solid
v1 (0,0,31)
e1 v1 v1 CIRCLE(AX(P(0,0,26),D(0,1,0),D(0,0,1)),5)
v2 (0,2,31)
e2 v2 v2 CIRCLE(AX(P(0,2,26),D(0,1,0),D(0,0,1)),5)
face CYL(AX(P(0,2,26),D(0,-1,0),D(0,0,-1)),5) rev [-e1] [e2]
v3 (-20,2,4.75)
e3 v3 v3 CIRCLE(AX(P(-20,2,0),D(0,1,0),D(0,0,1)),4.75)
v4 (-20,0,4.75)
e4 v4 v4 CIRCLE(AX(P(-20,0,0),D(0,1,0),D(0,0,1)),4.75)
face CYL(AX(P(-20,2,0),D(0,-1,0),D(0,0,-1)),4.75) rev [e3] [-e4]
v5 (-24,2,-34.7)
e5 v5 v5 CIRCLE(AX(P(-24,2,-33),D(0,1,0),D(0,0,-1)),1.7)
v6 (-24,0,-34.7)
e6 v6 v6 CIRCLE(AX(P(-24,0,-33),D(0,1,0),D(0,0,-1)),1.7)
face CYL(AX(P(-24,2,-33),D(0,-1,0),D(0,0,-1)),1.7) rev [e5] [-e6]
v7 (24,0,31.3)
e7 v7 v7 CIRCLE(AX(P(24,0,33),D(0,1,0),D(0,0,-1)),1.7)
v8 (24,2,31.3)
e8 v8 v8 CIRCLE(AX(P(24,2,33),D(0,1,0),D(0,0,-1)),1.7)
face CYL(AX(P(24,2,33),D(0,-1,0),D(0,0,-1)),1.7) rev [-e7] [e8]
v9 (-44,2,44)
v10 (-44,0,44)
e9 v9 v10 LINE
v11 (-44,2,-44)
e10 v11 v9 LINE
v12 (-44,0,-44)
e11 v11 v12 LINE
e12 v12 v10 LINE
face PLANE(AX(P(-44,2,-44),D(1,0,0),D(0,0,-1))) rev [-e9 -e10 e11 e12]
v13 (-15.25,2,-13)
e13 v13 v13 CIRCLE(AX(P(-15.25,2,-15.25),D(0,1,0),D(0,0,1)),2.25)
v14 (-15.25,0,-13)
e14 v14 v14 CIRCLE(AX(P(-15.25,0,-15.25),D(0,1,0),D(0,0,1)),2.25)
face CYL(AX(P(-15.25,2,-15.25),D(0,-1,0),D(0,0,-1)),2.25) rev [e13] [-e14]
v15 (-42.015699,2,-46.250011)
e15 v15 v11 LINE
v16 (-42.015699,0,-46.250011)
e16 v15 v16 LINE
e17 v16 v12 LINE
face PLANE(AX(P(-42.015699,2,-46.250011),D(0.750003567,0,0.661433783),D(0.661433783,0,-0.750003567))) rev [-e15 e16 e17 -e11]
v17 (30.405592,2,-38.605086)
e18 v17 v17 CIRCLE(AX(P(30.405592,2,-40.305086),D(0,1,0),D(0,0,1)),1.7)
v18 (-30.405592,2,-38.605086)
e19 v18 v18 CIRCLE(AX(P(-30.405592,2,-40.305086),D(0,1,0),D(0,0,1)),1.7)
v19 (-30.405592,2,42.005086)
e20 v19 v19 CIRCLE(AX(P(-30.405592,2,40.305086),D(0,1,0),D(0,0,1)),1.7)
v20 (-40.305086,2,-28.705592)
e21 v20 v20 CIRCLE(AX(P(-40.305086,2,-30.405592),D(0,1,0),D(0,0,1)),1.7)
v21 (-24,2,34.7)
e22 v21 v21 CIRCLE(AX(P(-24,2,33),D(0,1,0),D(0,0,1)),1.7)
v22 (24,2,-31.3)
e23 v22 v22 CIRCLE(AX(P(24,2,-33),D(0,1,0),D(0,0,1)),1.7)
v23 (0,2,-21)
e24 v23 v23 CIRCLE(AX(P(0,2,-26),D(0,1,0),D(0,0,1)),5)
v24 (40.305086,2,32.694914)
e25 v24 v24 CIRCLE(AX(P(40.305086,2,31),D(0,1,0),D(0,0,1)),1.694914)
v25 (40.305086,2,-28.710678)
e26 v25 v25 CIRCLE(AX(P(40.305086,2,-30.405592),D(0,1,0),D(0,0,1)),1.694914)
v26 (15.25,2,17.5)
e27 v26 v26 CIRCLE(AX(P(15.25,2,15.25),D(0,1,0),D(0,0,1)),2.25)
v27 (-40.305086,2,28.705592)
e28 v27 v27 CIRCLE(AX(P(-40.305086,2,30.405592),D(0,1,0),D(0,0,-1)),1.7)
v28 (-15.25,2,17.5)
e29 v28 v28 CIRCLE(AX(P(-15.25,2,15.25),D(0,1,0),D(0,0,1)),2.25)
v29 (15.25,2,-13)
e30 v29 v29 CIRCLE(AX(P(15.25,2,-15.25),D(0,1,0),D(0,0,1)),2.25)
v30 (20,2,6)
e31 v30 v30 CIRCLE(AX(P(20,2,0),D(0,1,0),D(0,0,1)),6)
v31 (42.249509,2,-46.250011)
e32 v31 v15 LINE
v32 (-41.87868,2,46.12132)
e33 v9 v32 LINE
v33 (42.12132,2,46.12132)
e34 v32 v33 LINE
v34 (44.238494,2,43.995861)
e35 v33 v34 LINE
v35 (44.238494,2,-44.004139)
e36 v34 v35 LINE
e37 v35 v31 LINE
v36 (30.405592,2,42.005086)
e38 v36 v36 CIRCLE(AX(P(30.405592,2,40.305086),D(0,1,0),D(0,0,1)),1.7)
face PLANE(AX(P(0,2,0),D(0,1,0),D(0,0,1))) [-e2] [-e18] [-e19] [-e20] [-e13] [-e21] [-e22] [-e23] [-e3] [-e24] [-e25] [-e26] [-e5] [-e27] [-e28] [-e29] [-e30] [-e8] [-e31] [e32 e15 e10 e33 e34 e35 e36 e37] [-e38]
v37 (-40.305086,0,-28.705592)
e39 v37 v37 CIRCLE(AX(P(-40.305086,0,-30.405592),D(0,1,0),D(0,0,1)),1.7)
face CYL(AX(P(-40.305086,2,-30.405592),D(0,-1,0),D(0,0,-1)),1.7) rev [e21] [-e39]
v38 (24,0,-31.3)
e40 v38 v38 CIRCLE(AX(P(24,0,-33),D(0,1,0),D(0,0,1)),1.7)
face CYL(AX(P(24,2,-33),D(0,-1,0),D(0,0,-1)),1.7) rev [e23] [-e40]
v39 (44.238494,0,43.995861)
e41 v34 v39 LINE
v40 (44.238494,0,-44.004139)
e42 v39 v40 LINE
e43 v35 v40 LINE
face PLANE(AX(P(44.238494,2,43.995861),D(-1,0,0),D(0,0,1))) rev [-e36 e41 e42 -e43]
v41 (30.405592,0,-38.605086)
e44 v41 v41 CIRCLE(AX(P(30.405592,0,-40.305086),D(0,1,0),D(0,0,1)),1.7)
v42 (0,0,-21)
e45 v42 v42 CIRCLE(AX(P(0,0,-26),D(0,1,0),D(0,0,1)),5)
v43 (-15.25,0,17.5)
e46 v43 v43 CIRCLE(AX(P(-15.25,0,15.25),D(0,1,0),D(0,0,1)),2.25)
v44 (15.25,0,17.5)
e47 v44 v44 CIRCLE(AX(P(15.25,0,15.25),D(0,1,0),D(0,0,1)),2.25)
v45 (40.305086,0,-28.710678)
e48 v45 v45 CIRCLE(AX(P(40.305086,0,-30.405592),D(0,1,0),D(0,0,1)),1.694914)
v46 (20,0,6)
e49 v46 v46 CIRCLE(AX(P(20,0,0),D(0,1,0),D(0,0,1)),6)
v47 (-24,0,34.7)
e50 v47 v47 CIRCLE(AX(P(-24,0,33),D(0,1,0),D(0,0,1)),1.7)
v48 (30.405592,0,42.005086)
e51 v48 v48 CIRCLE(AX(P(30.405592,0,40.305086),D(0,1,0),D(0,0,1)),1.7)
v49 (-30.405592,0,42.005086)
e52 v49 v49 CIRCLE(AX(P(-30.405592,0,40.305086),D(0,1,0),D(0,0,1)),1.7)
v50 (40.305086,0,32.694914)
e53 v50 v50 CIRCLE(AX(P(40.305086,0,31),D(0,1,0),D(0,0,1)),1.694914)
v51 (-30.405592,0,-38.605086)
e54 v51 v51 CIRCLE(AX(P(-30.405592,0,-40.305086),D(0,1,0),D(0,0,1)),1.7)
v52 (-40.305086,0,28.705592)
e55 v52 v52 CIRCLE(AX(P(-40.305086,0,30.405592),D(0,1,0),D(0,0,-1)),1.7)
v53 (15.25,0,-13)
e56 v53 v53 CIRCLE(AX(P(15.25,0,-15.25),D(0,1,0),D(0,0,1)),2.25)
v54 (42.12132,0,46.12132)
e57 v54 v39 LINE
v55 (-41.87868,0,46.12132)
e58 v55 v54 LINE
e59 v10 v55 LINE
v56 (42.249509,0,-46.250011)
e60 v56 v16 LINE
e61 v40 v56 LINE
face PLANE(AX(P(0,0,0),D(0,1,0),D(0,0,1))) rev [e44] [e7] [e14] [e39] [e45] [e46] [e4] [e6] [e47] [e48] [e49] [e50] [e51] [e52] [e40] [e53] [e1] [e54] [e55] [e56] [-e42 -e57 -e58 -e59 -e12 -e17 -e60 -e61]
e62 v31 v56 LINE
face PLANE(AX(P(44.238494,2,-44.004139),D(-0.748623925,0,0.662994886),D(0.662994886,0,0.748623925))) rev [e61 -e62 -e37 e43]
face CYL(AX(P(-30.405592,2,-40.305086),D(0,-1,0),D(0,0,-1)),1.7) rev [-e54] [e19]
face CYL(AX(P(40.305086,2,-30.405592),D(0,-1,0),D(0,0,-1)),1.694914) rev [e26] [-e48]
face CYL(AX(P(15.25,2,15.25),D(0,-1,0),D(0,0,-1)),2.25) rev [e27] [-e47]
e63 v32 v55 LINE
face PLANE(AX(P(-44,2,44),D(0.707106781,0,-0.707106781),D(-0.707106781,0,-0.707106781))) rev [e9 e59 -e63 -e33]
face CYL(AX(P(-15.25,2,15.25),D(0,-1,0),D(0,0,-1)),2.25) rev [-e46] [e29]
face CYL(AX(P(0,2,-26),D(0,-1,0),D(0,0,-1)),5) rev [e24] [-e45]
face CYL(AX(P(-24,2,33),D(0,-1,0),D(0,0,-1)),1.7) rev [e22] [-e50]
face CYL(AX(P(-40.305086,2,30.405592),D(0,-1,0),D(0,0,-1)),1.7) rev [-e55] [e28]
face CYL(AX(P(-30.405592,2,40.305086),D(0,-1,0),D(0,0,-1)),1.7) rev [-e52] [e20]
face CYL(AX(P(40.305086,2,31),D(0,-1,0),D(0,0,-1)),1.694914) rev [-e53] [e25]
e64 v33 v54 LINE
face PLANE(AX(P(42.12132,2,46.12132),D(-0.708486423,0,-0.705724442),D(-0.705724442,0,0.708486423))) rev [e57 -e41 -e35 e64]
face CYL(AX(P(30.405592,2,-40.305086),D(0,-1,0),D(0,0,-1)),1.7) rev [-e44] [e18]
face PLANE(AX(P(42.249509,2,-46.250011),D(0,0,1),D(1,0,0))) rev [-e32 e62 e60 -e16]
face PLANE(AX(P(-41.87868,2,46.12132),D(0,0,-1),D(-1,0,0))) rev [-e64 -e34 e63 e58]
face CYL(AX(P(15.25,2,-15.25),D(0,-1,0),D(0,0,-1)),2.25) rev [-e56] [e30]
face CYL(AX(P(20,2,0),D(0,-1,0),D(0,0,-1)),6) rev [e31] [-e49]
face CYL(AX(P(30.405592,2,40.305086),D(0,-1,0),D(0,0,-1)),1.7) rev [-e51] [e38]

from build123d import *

# Parameters (mm, degrees)
SKETCH_1_R      = 2.25
SKETCH_1_R_2    = 1.7
SKETCH_1_R_3    = 6
SKETCH_1_R_4    = 4.75
SKETCH_1_R_5    = 5
SKETCH_1_R_6    = 1.69491354
EXTRUDE_1_DEPTH = 2


with BuildPart() as part:
    # 草图1 → 凸台-拉伸1 (new body)
    with BuildSketch(Plane(origin=(0, 0, 0), x_dir=(1, 0, 0), z_dir=(0, 1, 0))):
        Polygon((-41.878679656, -46.121320344), (42.121320344, -46.121320344), (44.23849367, -43.995861074), (44.23849367, 44.004138926), (42.249509012, 46.250010702), (-42.015698652, 46.250010702), (-44, 44), (-44, -44), align=None)
        with Locations(Location((-15.25, -15.25, 0), (0, 0, 270))):
            Circle(SKETCH_1_R, mode=Mode.SUBTRACT)
        with Locations(Location((-15.25, 15.25, 0), (0, 0, 270))):
            Circle(SKETCH_1_R, mode=Mode.SUBTRACT)
        with Locations(Location((15.25, -15.25, 0), (0, 0, 270))):
            Circle(SKETCH_1_R, mode=Mode.SUBTRACT)
        with Locations(Location((15.25, 15.25, 0), (0, 0, 270))):
            Circle(SKETCH_1_R, mode=Mode.SUBTRACT)
        with Locations(Location((-24, -33, 0), (0, 0, 270))):
            Circle(SKETCH_1_R_2, mode=Mode.SUBTRACT)
        with Locations(Location((20, 0, 0), (0, 0, 270))):
            Circle(SKETCH_1_R_3, mode=Mode.SUBTRACT)
        with Locations(Location((-20, 0, 0), (0, 0, 270))):
            Circle(SKETCH_1_R_4, mode=Mode.SUBTRACT)
        with Locations(Location((0, 26, 0), (0, 0, 270))):
            Circle(SKETCH_1_R_5, mode=Mode.SUBTRACT)
        with Locations(Location((0, -26, 0), (0, 0, 270))):
            Circle(SKETCH_1_R_5, mode=Mode.SUBTRACT)
        with Locations(Location((-30.40559154, -40.30508646, 0), (0, 0, 270))):
            Circle(SKETCH_1_R_2, mode=Mode.SUBTRACT)
        with Locations(Location((-30.40559154, 40.30508646, 0), (0, 0, 270))):
            Circle(SKETCH_1_R_2, mode=Mode.SUBTRACT)
        with Locations(Location((-40.30508646, 30.40559154, 0), (0, 0, 270))):
            Circle(SKETCH_1_R_2, mode=Mode.SUBTRACT)
        with Locations(Location((30.40559154, -40.30508646, 0), (0, 0, 270))):
            Circle(SKETCH_1_R_2, mode=Mode.SUBTRACT)
        with Locations(Location((40.30508646, -31, 0), (0, 0, 270))):
            Circle(SKETCH_1_R_6, mode=Mode.SUBTRACT)
        with Locations(Location((40.30508646, 30.40559154, 0), (0, 0, 270))):
            Circle(SKETCH_1_R_6, mode=Mode.SUBTRACT)
        with Locations(Location((30.40559154, 40.30508646, 0), (0, 0, 270))):
            Circle(SKETCH_1_R_2, mode=Mode.SUBTRACT)
        with Locations(Location((-40.30508646, -30.40559154, 0), (0, 0, 90))):
            Circle(SKETCH_1_R_2, mode=Mode.SUBTRACT)
        with Locations(Location((24, -33, 0), (0, 0, 90))):
            Circle(SKETCH_1_R_2, mode=Mode.SUBTRACT)
        with Locations(Location((24, 33, 0), (0, 0, 270))):
            Circle(SKETCH_1_R_2, mode=Mode.SUBTRACT)
        with Locations(Location((-24, 33, 0), (0, 0, 90))):
            Circle(SKETCH_1_R_2, mode=Mode.SUBTRACT)
    extrude(amount=EXTRUDE_1_DEPTH)


solid = part.part
